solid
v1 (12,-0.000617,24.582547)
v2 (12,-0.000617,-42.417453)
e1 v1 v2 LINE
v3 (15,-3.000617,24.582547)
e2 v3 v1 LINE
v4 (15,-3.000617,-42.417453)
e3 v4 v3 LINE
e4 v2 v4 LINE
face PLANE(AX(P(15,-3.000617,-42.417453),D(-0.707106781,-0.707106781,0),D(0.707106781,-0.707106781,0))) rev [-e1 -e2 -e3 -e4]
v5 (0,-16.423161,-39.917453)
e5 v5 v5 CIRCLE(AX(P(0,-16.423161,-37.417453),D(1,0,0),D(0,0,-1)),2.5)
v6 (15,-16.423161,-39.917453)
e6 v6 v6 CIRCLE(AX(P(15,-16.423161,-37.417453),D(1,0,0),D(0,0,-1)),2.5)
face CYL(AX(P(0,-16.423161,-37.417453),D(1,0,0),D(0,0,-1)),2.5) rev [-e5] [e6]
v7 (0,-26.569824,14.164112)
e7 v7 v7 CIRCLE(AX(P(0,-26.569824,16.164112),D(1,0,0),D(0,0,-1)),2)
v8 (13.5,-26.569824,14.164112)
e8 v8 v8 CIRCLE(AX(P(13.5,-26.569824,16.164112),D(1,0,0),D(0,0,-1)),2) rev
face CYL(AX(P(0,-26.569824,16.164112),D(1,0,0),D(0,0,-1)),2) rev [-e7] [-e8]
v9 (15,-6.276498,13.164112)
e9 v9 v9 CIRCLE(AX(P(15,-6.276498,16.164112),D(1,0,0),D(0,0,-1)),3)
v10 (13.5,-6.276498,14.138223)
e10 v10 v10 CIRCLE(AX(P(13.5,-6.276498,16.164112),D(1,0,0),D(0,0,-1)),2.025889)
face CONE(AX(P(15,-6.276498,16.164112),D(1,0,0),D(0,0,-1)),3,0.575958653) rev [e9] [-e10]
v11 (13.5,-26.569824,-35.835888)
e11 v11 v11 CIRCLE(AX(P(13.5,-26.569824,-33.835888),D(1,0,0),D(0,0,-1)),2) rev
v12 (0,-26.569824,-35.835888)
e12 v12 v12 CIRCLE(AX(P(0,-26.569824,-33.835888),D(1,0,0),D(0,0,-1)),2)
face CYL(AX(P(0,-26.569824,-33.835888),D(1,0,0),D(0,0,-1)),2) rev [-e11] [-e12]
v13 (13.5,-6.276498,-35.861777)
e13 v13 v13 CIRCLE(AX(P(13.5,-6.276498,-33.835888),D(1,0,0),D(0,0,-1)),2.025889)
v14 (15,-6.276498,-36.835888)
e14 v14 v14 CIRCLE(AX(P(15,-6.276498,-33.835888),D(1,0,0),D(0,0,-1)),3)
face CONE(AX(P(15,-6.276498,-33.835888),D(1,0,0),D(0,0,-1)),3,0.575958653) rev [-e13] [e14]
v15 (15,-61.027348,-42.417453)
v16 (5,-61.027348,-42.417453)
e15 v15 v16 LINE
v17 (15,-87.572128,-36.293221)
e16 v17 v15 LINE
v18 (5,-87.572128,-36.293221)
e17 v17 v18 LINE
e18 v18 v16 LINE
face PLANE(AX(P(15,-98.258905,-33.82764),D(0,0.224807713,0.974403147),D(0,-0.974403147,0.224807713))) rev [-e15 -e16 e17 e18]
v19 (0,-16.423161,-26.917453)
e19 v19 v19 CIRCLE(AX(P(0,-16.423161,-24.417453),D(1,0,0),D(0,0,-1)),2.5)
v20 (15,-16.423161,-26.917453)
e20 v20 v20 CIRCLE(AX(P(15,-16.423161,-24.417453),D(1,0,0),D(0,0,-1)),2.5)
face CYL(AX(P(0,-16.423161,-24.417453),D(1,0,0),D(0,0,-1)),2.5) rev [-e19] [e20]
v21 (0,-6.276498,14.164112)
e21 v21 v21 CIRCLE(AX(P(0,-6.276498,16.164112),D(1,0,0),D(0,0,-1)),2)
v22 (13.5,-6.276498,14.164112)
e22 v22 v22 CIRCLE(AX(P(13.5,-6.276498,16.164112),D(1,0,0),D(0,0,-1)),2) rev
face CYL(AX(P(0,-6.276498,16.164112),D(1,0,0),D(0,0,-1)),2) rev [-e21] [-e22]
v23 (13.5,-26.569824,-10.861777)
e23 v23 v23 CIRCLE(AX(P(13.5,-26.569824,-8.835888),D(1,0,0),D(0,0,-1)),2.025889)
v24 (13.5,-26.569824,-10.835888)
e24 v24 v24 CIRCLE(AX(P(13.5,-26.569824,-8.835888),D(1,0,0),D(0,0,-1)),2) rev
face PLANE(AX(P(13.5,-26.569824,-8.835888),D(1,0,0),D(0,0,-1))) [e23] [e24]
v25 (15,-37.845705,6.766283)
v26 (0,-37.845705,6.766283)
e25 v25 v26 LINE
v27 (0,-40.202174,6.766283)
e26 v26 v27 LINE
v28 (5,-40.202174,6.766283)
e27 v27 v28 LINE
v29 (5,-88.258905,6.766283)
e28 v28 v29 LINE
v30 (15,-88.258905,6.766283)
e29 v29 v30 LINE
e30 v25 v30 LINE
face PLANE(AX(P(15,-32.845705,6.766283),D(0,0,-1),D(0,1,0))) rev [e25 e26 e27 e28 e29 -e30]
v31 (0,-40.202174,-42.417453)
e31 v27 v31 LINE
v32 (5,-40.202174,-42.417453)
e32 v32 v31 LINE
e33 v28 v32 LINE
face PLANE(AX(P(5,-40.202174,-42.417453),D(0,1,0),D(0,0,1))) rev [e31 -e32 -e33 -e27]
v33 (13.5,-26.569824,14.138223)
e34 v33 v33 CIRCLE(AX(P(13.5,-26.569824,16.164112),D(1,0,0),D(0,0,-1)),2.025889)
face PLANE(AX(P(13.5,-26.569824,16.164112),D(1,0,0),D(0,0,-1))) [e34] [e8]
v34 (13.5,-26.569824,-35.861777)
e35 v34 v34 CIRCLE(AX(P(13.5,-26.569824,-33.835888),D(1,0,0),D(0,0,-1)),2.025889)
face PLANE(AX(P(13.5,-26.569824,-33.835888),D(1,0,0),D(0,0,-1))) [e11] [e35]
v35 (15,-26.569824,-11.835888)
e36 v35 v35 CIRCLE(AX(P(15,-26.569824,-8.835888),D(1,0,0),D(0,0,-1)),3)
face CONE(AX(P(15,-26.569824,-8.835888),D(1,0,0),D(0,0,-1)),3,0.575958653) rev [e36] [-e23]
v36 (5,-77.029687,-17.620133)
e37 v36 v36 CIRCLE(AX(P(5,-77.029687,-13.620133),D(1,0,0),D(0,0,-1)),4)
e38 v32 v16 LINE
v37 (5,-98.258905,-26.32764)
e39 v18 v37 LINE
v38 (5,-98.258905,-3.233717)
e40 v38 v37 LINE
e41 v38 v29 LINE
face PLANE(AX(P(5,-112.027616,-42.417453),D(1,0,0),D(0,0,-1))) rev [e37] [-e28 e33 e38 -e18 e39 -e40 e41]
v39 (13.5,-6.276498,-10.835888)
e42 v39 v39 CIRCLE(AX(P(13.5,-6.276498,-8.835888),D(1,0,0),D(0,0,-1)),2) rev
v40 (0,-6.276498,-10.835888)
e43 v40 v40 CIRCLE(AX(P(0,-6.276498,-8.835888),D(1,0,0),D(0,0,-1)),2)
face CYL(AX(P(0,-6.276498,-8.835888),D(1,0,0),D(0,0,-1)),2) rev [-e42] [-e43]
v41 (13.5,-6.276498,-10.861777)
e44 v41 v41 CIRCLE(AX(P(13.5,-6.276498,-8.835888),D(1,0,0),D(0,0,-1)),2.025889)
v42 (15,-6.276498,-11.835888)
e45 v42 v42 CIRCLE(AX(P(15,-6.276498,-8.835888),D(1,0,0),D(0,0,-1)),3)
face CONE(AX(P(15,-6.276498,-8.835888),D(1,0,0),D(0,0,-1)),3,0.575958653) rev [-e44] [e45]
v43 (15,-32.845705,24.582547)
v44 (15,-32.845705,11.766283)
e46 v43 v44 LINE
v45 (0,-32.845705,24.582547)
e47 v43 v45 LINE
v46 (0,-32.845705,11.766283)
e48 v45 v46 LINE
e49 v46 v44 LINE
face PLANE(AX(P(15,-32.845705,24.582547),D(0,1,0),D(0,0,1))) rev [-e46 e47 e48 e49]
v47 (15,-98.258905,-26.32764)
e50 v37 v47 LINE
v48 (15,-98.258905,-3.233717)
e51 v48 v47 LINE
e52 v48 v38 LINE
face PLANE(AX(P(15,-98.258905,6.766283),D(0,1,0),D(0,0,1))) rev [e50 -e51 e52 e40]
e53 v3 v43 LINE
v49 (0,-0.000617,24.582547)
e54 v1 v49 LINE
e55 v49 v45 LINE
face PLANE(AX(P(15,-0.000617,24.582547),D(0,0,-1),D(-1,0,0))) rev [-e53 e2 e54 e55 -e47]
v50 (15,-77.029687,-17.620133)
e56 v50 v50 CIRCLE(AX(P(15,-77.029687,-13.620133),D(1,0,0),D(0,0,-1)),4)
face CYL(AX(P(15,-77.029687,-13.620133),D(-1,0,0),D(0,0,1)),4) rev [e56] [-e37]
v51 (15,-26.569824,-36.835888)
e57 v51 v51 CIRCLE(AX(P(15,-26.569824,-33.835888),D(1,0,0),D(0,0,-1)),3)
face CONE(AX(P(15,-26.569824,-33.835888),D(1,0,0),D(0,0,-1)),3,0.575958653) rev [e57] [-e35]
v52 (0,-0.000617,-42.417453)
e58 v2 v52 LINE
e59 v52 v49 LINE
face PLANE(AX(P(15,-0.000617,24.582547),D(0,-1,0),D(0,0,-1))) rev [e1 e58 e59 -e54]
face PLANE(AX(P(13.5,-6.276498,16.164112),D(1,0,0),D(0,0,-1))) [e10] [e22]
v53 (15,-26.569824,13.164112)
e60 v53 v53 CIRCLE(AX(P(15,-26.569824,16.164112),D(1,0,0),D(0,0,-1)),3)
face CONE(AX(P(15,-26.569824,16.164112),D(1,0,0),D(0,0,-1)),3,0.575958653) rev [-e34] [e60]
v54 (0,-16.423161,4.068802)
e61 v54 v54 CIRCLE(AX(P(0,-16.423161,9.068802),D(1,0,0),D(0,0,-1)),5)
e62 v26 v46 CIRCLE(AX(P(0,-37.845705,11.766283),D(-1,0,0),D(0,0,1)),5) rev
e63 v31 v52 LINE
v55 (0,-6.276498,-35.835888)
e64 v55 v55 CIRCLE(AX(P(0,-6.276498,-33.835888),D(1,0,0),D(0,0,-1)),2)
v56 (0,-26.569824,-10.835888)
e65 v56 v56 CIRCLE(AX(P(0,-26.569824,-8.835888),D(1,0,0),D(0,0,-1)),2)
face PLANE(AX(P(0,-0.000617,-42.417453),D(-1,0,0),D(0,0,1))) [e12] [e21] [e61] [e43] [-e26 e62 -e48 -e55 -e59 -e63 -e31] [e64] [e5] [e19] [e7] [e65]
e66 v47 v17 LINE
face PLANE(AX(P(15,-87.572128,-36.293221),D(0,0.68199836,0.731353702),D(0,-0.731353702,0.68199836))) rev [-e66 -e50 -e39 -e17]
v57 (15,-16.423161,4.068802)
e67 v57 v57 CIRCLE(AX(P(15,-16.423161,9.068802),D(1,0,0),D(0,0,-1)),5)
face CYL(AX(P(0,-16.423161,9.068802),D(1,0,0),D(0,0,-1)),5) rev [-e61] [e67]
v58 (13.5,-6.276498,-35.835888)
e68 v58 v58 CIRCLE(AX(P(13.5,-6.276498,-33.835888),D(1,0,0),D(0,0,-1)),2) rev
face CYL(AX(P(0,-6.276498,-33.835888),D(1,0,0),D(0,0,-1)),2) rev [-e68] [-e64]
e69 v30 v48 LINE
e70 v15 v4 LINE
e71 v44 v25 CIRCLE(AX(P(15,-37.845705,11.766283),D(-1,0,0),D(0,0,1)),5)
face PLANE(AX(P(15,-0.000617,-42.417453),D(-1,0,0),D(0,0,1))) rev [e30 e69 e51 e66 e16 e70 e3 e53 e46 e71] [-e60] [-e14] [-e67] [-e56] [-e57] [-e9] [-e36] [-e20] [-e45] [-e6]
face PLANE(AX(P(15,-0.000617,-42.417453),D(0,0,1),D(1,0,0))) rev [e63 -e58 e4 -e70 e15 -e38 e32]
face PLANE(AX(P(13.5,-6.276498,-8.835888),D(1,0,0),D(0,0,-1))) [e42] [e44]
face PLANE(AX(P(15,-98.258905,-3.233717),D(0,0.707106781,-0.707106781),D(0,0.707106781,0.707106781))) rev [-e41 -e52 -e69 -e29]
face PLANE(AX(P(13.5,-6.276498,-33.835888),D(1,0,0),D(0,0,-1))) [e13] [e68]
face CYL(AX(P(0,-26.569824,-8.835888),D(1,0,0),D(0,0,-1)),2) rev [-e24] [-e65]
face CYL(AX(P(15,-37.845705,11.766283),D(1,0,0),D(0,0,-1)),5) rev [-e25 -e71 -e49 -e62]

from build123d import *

# Parameters (mm, degrees)
SKETCH_1_R                      = 4
EXTRUDE_1_DEPTH                 = 15
SKETCH_4_W                      = 59.231964801
SKETCH_4_H                      = 71.825442386
CUT_EXTRUDE_3_DEPTH             = 5
SKETCH_5_R                      = 5
SKETCH_5_R_2                    = 2.5
CUT_EXTRUDE_1_DEPTH             = 109.069666358
CHAMFER_1_SIZE                  = 10
CHAMFER_2_SIZE                  = 7.5
CHAMFER_2_SIZE2                 = 10.967511122
FILLET_1_R                      = 5
SKETCH_6_R                      = 2
CUT_EXTRUDE_2_DEPTH             = 109.069666358
SKETCH_7_R                      = 3
CUT_EXTRUDE_3_2_DEPTH           = 1.5
CUT_EXTRUDE_3_2_DRAFT           = -33
CUT_EXTRUDE_3_2_PROFILE_2_DEPTH = 1.5
CUT_EXTRUDE_3_2_PROFILE_2_DRAFT = -33
CUT_EXTRUDE_3_2_PROFILE_3_DEPTH = 1.5
CUT_EXTRUDE_3_2_PROFILE_3_DRAFT = -33
CUT_EXTRUDE_3_2_PROFILE_4_DEPTH = 1.5
CUT_EXTRUDE_3_2_PROFILE_4_DRAFT = -33
CUT_EXTRUDE_3_2_PROFILE_5_DEPTH = 1.5
CUT_EXTRUDE_3_2_PROFILE_5_DRAFT = -33
CUT_EXTRUDE_3_2_PROFILE_6_DEPTH = 1.5
CUT_EXTRUDE_3_2_PROFILE_6_DRAFT = -33
CHAMFER_3_SIZE                  = 3


with BuildPart() as part:
    # Эскиз1 → Вытянуть1 (new body)
    with BuildSketch(Plane(origin=(0, 0, 0), x_dir=(0, 0, -1), z_dir=(1, 0, 0))):
        Polygon((-24.582546576, -0.000617064), (-24.582546576, -32.845704832), (-6.76628281, -32.845704832), (-6.76628281, -98.258905102), (33.827639979, -98.258905102), (42.417453424, -61.027347877), (42.417453424, -0.000617064), align=None)
        with Locations((13.620132913, -77.029686591)):
            Circle(SKETCH_1_R, mode=Mode.SUBTRACT)
    extrude(amount=EXTRUDE_1_DEPTH)

    # Эскиз4 → Cut-Extrude 3 (cut)
    with BuildSketch(Plane.ZY):
        with Locations((-12.801471023, -76.114894855)):
            Rectangle(SKETCH_4_W, SKETCH_4_H)
    extrude(amount=-CUT_EXTRUDE_3_DEPTH, mode=Mode.SUBTRACT)

    # Эскиз5 → Вырез-Вытянуть1 (cut, through all)
    with BuildSketch(Plane(origin=(15, 0, 0), x_dir=(0, 0, -1), z_dir=(1, 0, 0))):
        with Locations((-9.068801992, -16.42316095)):
            Circle(SKETCH_5_R)
        with Locations((24.417453448, -16.423160953)):
            Circle(SKETCH_5_R_2)
        with Locations((37.417453448, -16.423160948)):
            Circle(SKETCH_5_R_2)
    extrude(amount=-CUT_EXTRUDE_1_DEPTH, mode=Mode.SUBTRACT)

    # Фаска1
    chamfer_1_edges = [part.edges().sort_by_distance(p)[0] for p in [
        (10, -98.258905102, 6.76628281),
    ]]
    chamfer(chamfer_1_edges, length=CHAMFER_1_SIZE)

    # Фаска2
    chamfer_2_edges = [part.edges().sort_by_distance(p)[0] for p in [
        (10, -98.258905102, -33.827639979),
    ]]
    chamfer_2_side = [part.faces().sort_by_distance(p)[0] for p in [
        (10, -98.258905102, -18.530678584),
    ]]
    chamfer(chamfer_2_edges, length=CHAMFER_2_SIZE, length2=CHAMFER_2_SIZE2, reference=chamfer_2_side[0])

    # Скругление1
    fillet_1_edges = [part.edges().sort_by_distance(p)[0] for p in [
        (7.5, -32.845704832, 6.76628281),
    ]]
    fillet(fillet_1_edges, radius=FILLET_1_R)

    # Эскиз6 → Вырез-Вытянуть2 (cut, through all)
    with BuildSketch(Plane(origin=(15, 0, 0), x_dir=(0, 0, -1), z_dir=(1, 0, 0))):
        with Locations((-16.16411161, -6.276498114)):
            Circle(SKETCH_6_R)
        with Locations((8.83588839, -6.276498105)):
            Circle(SKETCH_6_R)
        with Locations((33.83588839, -6.276498095)):
            Circle(SKETCH_6_R)
        with Locations((-16.164111603, -26.569823822)):
            Circle(SKETCH_6_R)
        with Locations((8.835888397, -26.569823813)):
            Circle(SKETCH_6_R)
        with Locations((33.835888397, -26.569823803)):
            Circle(SKETCH_6_R)
    extrude(amount=-CUT_EXTRUDE_2_DEPTH, mode=Mode.SUBTRACT)


with BuildPart() as cut_extrude_3_2_tool:
    # Эскиз7 → Cut-Extrude 3 2 (with draft: the straight prism first)
    with BuildSketch(Plane(origin=(15, 0, 0), x_dir=(0, 0, -1), z_dir=(1, 0, 0))):
        with Locations((-16.16411161, -6.276498114)):
            Circle(SKETCH_7_R)
    extrude(amount=-CUT_EXTRUDE_3_2_DEPTH)
    # Cut-Extrude 3 2: the draft: its side faces are tilted about the plane it starts from
    cut_extrude_3_2_sides = [cut_extrude_3_2_tool.faces().sort_by_distance(p)[0] for p in [
        (14.25, -6.276498114, 19.16411161),
    ]]
    draft(cut_extrude_3_2_sides, Plane(origin=(15, 0, 0), x_dir=(0, 0, -1), z_dir=(1, 0, 0)), CUT_EXTRUDE_3_2_DRAFT)


with BuildPart() as part_1:
    add(part.part)

    # Cut-Extrude 3 2: cut by cut_extrude_3_2_tool
    add(cut_extrude_3_2_tool.part, mode=Mode.SUBTRACT)


with BuildPart() as cut_extrude_3_2_profile_2_tool:
    # Эскиз7 → Cut-Extrude 3 2 profile 2 (with draft: the straight prism first)
    with BuildSketch(Plane(origin=(15, 0, 0), x_dir=(0, 0, -1), z_dir=(1, 0, 0))):
        with Locations((8.83588839, -6.276498105)):
            Circle(SKETCH_7_R)
    extrude(amount=-CUT_EXTRUDE_3_2_PROFILE_2_DEPTH)
    # Cut-Extrude 3 2 profile 2: the draft: its side faces are tilted about the plane it starts from
    cut_extrude_3_2_profile_2_sides = [cut_extrude_3_2_profile_2_tool.faces().sort_by_distance(p)[0] for p in [
        (14.25, -6.276498105, -5.83588839),
    ]]
    draft(cut_extrude_3_2_profile_2_sides, Plane(origin=(15, 0, 0), x_dir=(0, 0, -1), z_dir=(1, 0, 0)), CUT_EXTRUDE_3_2_PROFILE_2_DRAFT)


with BuildPart() as part_2:
    add(part_1.part)

    # Cut-Extrude 3 2 profile 2: cut by cut_extrude_3_2_profile_2_tool
    add(cut_extrude_3_2_profile_2_tool.part, mode=Mode.SUBTRACT)


with BuildPart() as cut_extrude_3_2_profile_3_tool:
    # Эскиз7 → Cut-Extrude 3 2 profile 3 (with draft: the straight prism first)
    with BuildSketch(Plane(origin=(15, 0, 0), x_dir=(0, 0, -1), z_dir=(1, 0, 0))):
        with Locations((33.83588839, -6.276498095)):
            Circle(SKETCH_7_R)
    extrude(amount=-CUT_EXTRUDE_3_2_PROFILE_3_DEPTH)
    # Cut-Extrude 3 2 profile 3: the draft: its side faces are tilted about the plane it starts from
    cut_extrude_3_2_profile_3_sides = [cut_extrude_3_2_profile_3_tool.faces().sort_by_distance(p)[0] for p in [
        (14.25, -6.276498095, -30.83588839),
    ]]
    draft(cut_extrude_3_2_profile_3_sides, Plane(origin=(15, 0, 0), x_dir=(0, 0, -1), z_dir=(1, 0, 0)), CUT_EXTRUDE_3_2_PROFILE_3_DRAFT)


with BuildPart() as part_3:
    add(part_2.part)

    # Cut-Extrude 3 2 profile 3: cut by cut_extrude_3_2_profile_3_tool
    add(cut_extrude_3_2_profile_3_tool.part, mode=Mode.SUBTRACT)


with BuildPart() as cut_extrude_3_2_profile_4_tool:
    # Эскиз7 → Cut-Extrude 3 2 profile 4 (with draft: the straight prism first)
    with BuildSketch(Plane(origin=(15, 0, 0), x_dir=(0, 0, -1), z_dir=(1, 0, 0))):
        with Locations((-16.164111603, -26.569823822)):
            Circle(SKETCH_7_R)
    extrude(amount=-CUT_EXTRUDE_3_2_PROFILE_4_DEPTH)
    # Cut-Extrude 3 2 profile 4: the draft: its side faces are tilted about the plane it starts from
    cut_extrude_3_2_profile_4_sides = [cut_extrude_3_2_profile_4_tool.faces().sort_by_distance(p)[0] for p in [
        (14.25, -26.569823822, 19.164111603),
    ]]
    draft(cut_extrude_3_2_profile_4_sides, Plane(origin=(15, 0, 0), x_dir=(0, 0, -1), z_dir=(1, 0, 0)), CUT_EXTRUDE_3_2_PROFILE_4_DRAFT)


with BuildPart() as part_4:
    add(part_3.part)

    # Cut-Extrude 3 2 profile 4: cut by cut_extrude_3_2_profile_4_tool
    add(cut_extrude_3_2_profile_4_tool.part, mode=Mode.SUBTRACT)


with BuildPart() as cut_extrude_3_2_profile_5_tool:
    # Эскиз7 → Cut-Extrude 3 2 profile 5 (with draft: the straight prism first)
    with BuildSketch(Plane(origin=(15, 0, 0), x_dir=(0, 0, -1), z_dir=(1, 0, 0))):
        with Locations((8.835888397, -26.569823813)):
            Circle(SKETCH_7_R)
    extrude(amount=-CUT_EXTRUDE_3_2_PROFILE_5_DEPTH)
    # Cut-Extrude 3 2 profile 5: the draft: its side faces are tilted about the plane it starts from
    cut_extrude_3_2_profile_5_sides = [cut_extrude_3_2_profile_5_tool.faces().sort_by_distance(p)[0] for p in [
        (14.25, -26.569823813, -5.835888397),
    ]]
    draft(cut_extrude_3_2_profile_5_sides, Plane(origin=(15, 0, 0), x_dir=(0, 0, -1), z_dir=(1, 0, 0)), CUT_EXTRUDE_3_2_PROFILE_5_DRAFT)


with BuildPart() as part_5:
    add(part_4.part)

    # Cut-Extrude 3 2 profile 5: cut by cut_extrude_3_2_profile_5_tool
    add(cut_extrude_3_2_profile_5_tool.part, mode=Mode.SUBTRACT)


with BuildPart() as cut_extrude_3_2_profile_6_tool:
    # Эскиз7 → Cut-Extrude 3 2 profile 6 (with draft: the straight prism first)
    with BuildSketch(Plane(origin=(15, 0, 0), x_dir=(0, 0, -1), z_dir=(1, 0, 0))):
        with Locations((33.835888397, -26.569823803)):
            Circle(SKETCH_7_R)
    extrude(amount=-CUT_EXTRUDE_3_2_PROFILE_6_DEPTH)
    # Cut-Extrude 3 2 profile 6: the draft: its side faces are tilted about the plane it starts from
    cut_extrude_3_2_profile_6_sides = [cut_extrude_3_2_profile_6_tool.faces().sort_by_distance(p)[0] for p in [
        (14.25, -26.569823803, -30.835888397),
    ]]
    draft(cut_extrude_3_2_profile_6_sides, Plane(origin=(15, 0, 0), x_dir=(0, 0, -1), z_dir=(1, 0, 0)), CUT_EXTRUDE_3_2_PROFILE_6_DRAFT)


with BuildPart() as part_6:
    add(part_5.part)

    # Cut-Extrude 3 2 profile 6: cut by cut_extrude_3_2_profile_6_tool
    add(cut_extrude_3_2_profile_6_tool.part, mode=Mode.SUBTRACT)

    # Фаска3
    chamfer_3_edges = [part_6.edges().sort_by_distance(p)[0] for p in [
        (15, -0.000617064, -8.917453424),
    ]]
    chamfer(chamfer_3_edges, length=CHAMFER_3_SIZE)


solid = part_6.part
